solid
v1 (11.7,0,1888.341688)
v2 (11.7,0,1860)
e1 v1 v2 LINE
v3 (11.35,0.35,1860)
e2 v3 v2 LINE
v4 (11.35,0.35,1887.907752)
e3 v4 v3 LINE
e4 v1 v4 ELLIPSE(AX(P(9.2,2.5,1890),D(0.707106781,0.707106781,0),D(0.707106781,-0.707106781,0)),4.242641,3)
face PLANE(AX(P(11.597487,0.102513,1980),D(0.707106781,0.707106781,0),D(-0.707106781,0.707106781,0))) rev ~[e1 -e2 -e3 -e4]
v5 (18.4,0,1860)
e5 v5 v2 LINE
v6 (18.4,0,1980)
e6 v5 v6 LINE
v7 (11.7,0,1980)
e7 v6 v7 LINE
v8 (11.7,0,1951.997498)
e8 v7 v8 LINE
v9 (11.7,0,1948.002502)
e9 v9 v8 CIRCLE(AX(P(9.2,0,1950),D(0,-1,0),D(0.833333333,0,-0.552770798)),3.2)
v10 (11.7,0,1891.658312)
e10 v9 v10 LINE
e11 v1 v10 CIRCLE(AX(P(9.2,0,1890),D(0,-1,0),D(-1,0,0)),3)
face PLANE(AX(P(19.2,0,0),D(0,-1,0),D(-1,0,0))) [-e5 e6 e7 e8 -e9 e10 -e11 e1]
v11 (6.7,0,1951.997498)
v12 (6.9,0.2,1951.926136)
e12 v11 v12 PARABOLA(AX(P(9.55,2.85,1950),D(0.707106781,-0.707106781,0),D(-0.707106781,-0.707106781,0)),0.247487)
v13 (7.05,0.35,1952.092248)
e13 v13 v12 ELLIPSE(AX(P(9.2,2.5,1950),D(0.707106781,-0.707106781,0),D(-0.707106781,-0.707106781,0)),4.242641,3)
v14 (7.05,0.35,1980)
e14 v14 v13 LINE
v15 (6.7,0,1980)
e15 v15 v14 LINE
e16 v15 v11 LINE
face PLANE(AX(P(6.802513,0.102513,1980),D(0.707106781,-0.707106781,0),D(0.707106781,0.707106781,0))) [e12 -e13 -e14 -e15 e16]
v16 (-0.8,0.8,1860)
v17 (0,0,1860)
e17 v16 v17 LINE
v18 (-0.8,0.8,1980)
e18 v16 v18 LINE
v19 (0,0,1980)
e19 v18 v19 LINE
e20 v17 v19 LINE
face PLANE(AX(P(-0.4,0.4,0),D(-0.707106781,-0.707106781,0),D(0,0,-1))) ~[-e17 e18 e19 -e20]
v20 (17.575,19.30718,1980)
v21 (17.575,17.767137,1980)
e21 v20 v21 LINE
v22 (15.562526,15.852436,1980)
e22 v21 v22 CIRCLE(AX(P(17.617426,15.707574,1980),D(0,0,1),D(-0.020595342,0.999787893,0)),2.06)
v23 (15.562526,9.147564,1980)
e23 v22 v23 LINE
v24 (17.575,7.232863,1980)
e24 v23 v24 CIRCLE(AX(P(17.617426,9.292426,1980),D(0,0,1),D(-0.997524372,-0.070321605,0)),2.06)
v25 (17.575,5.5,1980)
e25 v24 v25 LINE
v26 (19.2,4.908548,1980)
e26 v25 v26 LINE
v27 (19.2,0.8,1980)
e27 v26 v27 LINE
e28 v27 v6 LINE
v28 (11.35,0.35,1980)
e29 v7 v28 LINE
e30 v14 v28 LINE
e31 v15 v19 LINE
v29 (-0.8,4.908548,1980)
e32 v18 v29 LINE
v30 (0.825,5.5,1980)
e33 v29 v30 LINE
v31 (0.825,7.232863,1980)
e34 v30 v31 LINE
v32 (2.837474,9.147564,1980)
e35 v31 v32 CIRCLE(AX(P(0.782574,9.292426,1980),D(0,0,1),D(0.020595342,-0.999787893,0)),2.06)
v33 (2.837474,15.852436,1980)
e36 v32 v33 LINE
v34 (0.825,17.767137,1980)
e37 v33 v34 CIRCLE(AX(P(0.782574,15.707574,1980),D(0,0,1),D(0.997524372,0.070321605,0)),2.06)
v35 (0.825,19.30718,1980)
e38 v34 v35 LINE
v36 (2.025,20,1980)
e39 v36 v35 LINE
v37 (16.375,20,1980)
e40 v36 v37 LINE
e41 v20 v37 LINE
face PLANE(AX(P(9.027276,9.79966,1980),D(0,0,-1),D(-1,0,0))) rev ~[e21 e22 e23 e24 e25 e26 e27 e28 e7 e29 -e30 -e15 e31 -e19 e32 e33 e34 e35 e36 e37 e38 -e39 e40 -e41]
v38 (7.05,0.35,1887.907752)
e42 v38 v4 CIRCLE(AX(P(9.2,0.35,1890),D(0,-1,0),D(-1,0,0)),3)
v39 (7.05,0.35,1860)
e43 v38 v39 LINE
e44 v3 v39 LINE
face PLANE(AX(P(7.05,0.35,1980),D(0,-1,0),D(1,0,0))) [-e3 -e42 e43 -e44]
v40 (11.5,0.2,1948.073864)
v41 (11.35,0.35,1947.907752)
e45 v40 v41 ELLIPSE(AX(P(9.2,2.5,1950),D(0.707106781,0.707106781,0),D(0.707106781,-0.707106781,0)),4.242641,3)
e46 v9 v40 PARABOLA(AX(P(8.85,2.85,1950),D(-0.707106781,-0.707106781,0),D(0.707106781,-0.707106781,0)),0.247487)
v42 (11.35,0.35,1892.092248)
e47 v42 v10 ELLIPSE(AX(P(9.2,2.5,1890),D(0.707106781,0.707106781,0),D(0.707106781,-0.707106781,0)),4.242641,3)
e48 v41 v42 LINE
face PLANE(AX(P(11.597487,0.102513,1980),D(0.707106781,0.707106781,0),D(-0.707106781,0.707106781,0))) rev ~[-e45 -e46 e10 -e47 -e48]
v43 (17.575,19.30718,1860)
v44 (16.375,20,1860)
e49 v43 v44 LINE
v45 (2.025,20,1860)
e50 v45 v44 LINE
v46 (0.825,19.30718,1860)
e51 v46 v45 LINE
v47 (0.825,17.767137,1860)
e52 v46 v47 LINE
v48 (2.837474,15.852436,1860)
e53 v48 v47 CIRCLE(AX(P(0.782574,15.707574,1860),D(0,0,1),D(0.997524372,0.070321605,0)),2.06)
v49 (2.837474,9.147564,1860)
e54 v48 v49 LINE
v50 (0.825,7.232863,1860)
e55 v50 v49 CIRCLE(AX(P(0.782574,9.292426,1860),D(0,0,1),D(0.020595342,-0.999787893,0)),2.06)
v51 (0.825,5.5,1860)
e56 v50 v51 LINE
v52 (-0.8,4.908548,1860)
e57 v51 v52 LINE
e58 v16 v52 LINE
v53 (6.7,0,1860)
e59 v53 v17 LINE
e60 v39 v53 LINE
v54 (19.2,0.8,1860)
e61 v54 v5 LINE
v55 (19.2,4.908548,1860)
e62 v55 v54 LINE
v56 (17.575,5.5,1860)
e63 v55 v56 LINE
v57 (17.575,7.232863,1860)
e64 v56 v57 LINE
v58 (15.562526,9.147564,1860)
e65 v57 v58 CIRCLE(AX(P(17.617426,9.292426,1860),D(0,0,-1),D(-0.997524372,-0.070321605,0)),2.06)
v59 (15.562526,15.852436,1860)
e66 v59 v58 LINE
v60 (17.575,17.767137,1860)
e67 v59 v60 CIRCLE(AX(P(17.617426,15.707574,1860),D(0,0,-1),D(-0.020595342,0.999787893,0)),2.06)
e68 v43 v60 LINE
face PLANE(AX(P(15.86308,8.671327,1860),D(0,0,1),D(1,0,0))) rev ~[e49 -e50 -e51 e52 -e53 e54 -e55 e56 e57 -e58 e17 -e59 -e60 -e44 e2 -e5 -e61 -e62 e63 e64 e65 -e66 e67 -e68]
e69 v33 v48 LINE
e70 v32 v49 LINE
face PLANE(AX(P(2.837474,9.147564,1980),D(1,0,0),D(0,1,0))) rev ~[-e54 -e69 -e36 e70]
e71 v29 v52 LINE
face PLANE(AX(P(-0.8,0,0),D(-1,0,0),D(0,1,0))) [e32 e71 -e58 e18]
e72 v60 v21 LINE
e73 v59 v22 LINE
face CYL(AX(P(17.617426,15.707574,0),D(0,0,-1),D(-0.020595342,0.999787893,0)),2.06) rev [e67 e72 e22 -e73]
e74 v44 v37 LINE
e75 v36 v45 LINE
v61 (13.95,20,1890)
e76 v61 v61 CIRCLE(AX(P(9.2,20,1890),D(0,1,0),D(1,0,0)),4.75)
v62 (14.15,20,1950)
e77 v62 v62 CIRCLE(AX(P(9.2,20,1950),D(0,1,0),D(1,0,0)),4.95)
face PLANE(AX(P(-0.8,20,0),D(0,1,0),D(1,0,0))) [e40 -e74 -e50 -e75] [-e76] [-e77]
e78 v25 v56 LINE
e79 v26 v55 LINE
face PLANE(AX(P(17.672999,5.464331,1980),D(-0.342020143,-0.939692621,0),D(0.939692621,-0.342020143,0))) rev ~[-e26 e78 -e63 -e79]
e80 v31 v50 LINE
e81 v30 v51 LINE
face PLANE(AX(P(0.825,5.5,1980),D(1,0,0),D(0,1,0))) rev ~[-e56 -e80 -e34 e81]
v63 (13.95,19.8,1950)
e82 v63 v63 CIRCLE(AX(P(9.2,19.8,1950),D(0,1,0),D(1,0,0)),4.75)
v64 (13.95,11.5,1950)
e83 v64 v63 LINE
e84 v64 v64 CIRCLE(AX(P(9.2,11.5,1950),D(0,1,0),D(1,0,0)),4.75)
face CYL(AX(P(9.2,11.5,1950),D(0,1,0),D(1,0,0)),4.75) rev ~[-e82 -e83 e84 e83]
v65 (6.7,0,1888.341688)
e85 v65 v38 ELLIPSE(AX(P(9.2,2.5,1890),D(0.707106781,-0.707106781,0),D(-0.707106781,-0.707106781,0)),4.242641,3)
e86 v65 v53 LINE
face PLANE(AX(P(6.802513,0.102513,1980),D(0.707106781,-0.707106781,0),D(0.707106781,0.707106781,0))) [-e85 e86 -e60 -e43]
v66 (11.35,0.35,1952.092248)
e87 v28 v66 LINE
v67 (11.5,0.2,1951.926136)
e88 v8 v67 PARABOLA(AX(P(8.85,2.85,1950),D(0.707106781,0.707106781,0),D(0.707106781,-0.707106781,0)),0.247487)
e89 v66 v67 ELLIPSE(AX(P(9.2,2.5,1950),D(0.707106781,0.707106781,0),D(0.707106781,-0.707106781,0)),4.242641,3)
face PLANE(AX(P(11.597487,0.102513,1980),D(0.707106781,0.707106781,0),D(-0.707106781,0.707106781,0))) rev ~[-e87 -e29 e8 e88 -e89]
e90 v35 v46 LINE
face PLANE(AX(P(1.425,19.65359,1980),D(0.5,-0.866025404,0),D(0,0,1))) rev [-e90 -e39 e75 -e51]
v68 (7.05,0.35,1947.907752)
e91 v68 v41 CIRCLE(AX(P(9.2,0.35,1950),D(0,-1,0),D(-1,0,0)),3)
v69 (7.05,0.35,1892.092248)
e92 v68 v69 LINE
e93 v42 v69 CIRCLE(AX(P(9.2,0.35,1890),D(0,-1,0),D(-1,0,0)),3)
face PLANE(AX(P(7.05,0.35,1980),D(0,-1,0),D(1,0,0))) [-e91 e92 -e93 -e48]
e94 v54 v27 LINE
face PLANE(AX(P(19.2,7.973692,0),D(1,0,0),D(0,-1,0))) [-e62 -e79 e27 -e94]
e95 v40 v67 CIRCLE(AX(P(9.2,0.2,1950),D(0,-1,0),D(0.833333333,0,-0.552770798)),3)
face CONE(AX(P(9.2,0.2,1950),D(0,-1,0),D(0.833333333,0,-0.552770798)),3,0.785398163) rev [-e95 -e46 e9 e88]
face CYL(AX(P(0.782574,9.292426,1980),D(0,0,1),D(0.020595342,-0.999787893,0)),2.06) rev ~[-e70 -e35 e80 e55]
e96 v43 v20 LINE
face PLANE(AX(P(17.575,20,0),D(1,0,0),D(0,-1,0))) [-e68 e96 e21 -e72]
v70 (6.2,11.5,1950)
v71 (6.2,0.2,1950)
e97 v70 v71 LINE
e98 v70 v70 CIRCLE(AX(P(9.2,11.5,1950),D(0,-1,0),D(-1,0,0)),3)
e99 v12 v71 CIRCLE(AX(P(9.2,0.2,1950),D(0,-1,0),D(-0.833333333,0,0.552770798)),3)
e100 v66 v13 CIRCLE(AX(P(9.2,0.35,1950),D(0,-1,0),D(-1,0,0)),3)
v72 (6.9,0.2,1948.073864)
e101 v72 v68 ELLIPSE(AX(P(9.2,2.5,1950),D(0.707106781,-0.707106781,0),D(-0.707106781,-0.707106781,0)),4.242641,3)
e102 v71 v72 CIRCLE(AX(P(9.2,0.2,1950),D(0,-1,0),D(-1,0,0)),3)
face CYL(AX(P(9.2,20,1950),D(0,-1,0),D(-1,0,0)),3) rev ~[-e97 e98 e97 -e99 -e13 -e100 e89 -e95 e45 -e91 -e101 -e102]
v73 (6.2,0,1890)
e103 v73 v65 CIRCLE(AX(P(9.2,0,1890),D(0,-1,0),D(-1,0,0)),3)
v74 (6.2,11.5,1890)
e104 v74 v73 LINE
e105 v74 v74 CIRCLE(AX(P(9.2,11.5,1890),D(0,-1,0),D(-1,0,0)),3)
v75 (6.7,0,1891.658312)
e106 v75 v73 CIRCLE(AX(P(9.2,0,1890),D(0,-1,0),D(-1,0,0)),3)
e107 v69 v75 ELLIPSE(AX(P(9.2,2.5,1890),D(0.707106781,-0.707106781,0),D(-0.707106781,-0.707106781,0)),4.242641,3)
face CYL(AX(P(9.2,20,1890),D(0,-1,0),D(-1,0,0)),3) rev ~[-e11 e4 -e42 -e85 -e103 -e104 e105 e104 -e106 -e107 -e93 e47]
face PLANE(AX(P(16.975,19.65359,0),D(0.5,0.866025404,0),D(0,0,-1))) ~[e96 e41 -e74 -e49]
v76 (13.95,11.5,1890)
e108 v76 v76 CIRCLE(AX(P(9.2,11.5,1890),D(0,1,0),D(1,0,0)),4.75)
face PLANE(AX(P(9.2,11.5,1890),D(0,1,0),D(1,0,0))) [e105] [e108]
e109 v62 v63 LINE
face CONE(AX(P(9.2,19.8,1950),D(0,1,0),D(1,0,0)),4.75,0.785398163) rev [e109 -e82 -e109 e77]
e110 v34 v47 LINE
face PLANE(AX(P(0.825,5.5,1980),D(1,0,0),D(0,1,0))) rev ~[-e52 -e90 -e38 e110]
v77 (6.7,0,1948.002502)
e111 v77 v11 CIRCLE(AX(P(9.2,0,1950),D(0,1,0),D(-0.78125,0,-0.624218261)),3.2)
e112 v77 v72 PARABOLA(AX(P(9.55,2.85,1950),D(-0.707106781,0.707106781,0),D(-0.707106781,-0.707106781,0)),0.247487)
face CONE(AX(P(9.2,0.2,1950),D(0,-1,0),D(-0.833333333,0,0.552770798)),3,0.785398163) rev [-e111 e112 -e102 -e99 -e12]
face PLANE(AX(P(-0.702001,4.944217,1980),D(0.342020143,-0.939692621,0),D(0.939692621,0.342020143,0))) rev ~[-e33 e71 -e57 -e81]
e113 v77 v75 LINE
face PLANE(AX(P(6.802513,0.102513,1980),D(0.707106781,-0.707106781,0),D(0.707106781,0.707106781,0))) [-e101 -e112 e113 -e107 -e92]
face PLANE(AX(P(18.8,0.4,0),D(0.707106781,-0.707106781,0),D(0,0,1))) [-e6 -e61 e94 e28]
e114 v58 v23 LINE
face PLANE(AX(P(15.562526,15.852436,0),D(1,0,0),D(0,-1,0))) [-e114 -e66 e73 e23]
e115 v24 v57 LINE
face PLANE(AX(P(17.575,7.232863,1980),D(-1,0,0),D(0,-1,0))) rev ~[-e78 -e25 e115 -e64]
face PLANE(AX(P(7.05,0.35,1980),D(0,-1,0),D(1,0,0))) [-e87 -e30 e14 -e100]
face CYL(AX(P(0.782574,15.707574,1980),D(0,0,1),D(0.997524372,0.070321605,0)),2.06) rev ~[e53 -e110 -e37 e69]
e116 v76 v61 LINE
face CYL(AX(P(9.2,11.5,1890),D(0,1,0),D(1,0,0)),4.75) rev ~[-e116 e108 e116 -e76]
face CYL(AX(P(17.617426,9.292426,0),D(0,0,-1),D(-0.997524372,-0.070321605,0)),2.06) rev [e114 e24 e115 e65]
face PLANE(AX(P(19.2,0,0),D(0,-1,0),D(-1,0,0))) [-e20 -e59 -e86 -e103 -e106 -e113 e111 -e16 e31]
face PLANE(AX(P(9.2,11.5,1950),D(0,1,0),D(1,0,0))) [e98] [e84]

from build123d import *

# Parameters (mm, degrees)
BOSS_EXTRU_1_DEPTH      = 1980
ENL_V_MAT_EXTRU_1_DEPTH = 1981.194091497
ESQUISSE3_W             = 4.3
ESQUISSE3_H             = 0.35
ENL_V_MAT_EXTRU_2_DEPTH = 1980
ESQUISSE4_W             = 1.625
ESQUISSE4_H             = 14.5
ENL_V_MAT_EXTRU_3_DEPTH = 1981.194091497
ENL_V_MAT_EXTRU_4_DEPTH = 1981.194091497
D_POUILLE1_ANGLE        = 20
D_POUILLE2_ANGLE        = 20
D_POUILLE3_ANGLE        = 45
PER_AGE1_D              = 6
PER_AGE1_DEPTH          = 20
PER_AGE1_CBORE_D        = 9.5
PER_AGE1_CBORE_DEPTH    = 8.5
CHANFREIN1_SIZE         = 0.8
CHANFREIN2_SIZE         = 1.2
CHANFREIN2_SIZE2        = 0.692820323
CHANFREIN3_SIZE         = 0.2
CHANFREIN4_SIZE         = 0.692820323
CHANFREIN4_SIZE2        = 1.2
ENL_V_START             = -120
ESQUISSE12_W            = 78.153878041
ESQUISSE12_H            = 74.514600195
ENL_V_MAT_EXTRU_5_DEPTH = 1861.194091497


with BuildPart() as part:
    # Esquisse1 → Boss.-Extru.1 (new body)
    with BuildSketch(Plane(origin=(0, 0, 0), x_dir=(-1, 0, 0), z_dir=(0, 0, -1))):
        with BuildLine():
            Line((-19.2, 7.973691854), (-19.2, 0))
            Line((-19.2, 0), (0.8, 0))
            Line((0.8, 0), (0.8, 20))
            Line((0.8, 20), (-17.575, 20))
            Line((-17.575, 20), (-17.575, 17.767136655))
            ThreePointArc((-17.575, 17.767136655), (-16.197491801, 17.200016465), (-15.5625262, 15.852436102))
            Line((-15.5625262, 15.852436102), (-15.5625262, 9.147563898))
            ThreePointArc((-15.5625262, 9.147563898), (-16.984759825, 7.331984363), (-19.2, 7.973691854))
        make_face()
    extrude(amount=-BOSS_EXTRU_1_DEPTH)

    # Esquisse2 → Enlèv. mat.-Extru.1 (cut, through all)
    with BuildSketch(Plane.XY.offset(1980)):
        with BuildLine():
            Line((17.575, 7.232863345), (17.575, 4.908548369))
            Line((17.575, 4.908548369), (19.2, 4.908548369))
            Line((19.2, 4.908548369), (19.2, 7.973691854))
            ThreePointArc((19.2, 7.973691854), (18.471955551, 7.418025184), (17.575, 7.232863345))
        make_face()
    extrude(amount=-ENL_V_MAT_EXTRU_1_DEPTH, mode=Mode.SUBTRACT)

    # Esquisse3 → Enlèv. mat.-Extru.2 (cut)
    with BuildSketch(Plane.XY.offset(1980)):
        with Locations((9.2, 0.175)):
            Rectangle(ESQUISSE3_W, ESQUISSE3_H)
    extrude(amount=-ENL_V_MAT_EXTRU_2_DEPTH, mode=Mode.SUBTRACT)

    # Esquisse4 → Enlèv. mat.-Extru.3 (cut, through all)
    with BuildSketch(Plane.XY.offset(1980)):
        with Locations((0.0125, 12.75)):
            Rectangle(ESQUISSE4_W, ESQUISSE4_H)
    extrude(amount=-ENL_V_MAT_EXTRU_3_DEPTH, mode=Mode.SUBTRACT)

    # Esquisse5 → Enlèv. mat.-Extru.4 (cut, through all)
    with BuildSketch(Plane.XY.offset(1980)):
        with BuildLine():
            Line((0.825, 17.767136655), (0.825, 7.232863345))
            ThreePointArc((0.825, 7.232863345), (2.202508199, 7.799983535), (2.8374738, 9.147563898))
            Line((2.8374738, 9.147563898), (2.8374738, 15.852436102))
            ThreePointArc((2.8374738, 15.852436102), (2.202508199, 17.200016465), (0.825, 17.767136655))
        make_face()
    extrude(amount=-ENL_V_MAT_EXTRU_4_DEPTH, mode=Mode.SUBTRACT)

    # Dépouille1
    d_pouille1_faces = [part.faces().sort_by_distance(p)[0] for p in [
        (0.0125, 5.5, 990),
    ]]
    draft(d_pouille1_faces, Plane(origin=(0.825, 5.5, 0), x_dir=(0, -1, 0), z_dir=(-1, 0, 0)), D_POUILLE1_ANGLE)

    # Dépouille2
    d_pouille2_faces = [part.faces().sort_by_distance(p)[0] for p in [
        (18.3875, 4.908548369, 990),
    ]]
    draft(d_pouille2_faces, Plane(origin=(19.2, 7.973691854, 1980), x_dir=(0, 0, 1), z_dir=(1, 0, 0)), D_POUILLE2_ANGLE)

    # Dépouille3
    d_pouille3_faces = [part.faces().sort_by_distance(p)[0] for p in [
        (11.35, 0.175, 990),
        (7.05, 0.175, 990),
    ]]
    draft(d_pouille3_faces, Plane(origin=(11.35, 0.35, 0), x_dir=(0, 0, -1), z_dir=(0, -1, 0)), D_POUILLE3_ANGLE)

    # Perçage1
    with Locations(Plane(origin=(0, 20, 0), x_dir=(1, 0, 0), z_dir=(0, 1, 0))):
        with Locations((9.2, -30), (9.2, -90), (9.2, -150), (9.2, -210), (9.2, -270), (9.2, -330), (9.2, -390), (9.2, -450), (9.2, -510), (9.2, -570), (9.2, -630), (9.2, -690), (9.2, -750), (9.2, -810), (9.2, -870), (9.2, -930), (9.2, -990), (9.2, -1050), (9.2, -1110), (9.2, -1170), (9.2, -1230), (9.2, -1290), (9.2, -1350), (9.2, -1410), (9.2, -1470), (9.2, -1530), (9.2, -1590), (9.2, -1650), (9.2, -1710), (9.2, -1770), (9.2, -1830), (9.2, -1890), (9.2, -1950)):
            CounterBoreHole(PER_AGE1_D / 2, PER_AGE1_CBORE_D / 2, PER_AGE1_CBORE_DEPTH, depth=PER_AGE1_DEPTH)

    # Chanfrein1
    chanfrein1_edges = [part.edges().sort_by_distance(p)[0] for p in [
        (-0.8, 0, 990),
        (19.2, 0, 990),
    ]]
    chamfer(chanfrein1_edges, length=CHANFREIN1_SIZE)

    # Chanfrein2
    chanfrein2_edges = [part.edges().sort_by_distance(p)[0] for p in [
        (0.825, 20, 990),
    ]]
    chanfrein2_side = [part.faces().sort_by_distance(p)[0] for p in [
        (9.2, 20, 19.800708478),
    ]]
    chamfer(chanfrein2_edges, length=CHANFREIN2_SIZE, length2=CHANFREIN2_SIZE2, reference=chanfrein2_side[0])

    # Chanfrein3
    chanfrein3_edges = [part.edges().sort_by_distance(p)[0] for p in [
        (12.2, 0, 1950),
        (6.327718677, 0, 1949.133974596),
        (4.45, 20, 1950),
    ]]
    chamfer(chanfrein3_edges, length=CHANFREIN3_SIZE)

    # Chanfrein4
    chanfrein4_edges = [part.edges().sort_by_distance(p)[0] for p in [
        (17.575, 20, 990),
    ]]
    chanfrein4_side = [part.faces().sort_by_distance(p)[0] for p in [
        (17.575, 18.883568328, 990),
    ]]
    chamfer(chanfrein4_edges, length=CHANFREIN4_SIZE, length2=CHANFREIN4_SIZE2, reference=chanfrein4_side[0])

    # Esquisse12 → Enlèv. mat.-Extru.5 (cut, through all)
    with BuildSketch(Plane.XY.offset(1980).offset(ENL_V_START)):
        with Locations((15.863080013, 8.671326529)):
            Rectangle(ESQUISSE12_W, ESQUISSE12_H)
    extrude(amount=-ENL_V_MAT_EXTRU_5_DEPTH, mode=Mode.SUBTRACT)


solid = part.part
